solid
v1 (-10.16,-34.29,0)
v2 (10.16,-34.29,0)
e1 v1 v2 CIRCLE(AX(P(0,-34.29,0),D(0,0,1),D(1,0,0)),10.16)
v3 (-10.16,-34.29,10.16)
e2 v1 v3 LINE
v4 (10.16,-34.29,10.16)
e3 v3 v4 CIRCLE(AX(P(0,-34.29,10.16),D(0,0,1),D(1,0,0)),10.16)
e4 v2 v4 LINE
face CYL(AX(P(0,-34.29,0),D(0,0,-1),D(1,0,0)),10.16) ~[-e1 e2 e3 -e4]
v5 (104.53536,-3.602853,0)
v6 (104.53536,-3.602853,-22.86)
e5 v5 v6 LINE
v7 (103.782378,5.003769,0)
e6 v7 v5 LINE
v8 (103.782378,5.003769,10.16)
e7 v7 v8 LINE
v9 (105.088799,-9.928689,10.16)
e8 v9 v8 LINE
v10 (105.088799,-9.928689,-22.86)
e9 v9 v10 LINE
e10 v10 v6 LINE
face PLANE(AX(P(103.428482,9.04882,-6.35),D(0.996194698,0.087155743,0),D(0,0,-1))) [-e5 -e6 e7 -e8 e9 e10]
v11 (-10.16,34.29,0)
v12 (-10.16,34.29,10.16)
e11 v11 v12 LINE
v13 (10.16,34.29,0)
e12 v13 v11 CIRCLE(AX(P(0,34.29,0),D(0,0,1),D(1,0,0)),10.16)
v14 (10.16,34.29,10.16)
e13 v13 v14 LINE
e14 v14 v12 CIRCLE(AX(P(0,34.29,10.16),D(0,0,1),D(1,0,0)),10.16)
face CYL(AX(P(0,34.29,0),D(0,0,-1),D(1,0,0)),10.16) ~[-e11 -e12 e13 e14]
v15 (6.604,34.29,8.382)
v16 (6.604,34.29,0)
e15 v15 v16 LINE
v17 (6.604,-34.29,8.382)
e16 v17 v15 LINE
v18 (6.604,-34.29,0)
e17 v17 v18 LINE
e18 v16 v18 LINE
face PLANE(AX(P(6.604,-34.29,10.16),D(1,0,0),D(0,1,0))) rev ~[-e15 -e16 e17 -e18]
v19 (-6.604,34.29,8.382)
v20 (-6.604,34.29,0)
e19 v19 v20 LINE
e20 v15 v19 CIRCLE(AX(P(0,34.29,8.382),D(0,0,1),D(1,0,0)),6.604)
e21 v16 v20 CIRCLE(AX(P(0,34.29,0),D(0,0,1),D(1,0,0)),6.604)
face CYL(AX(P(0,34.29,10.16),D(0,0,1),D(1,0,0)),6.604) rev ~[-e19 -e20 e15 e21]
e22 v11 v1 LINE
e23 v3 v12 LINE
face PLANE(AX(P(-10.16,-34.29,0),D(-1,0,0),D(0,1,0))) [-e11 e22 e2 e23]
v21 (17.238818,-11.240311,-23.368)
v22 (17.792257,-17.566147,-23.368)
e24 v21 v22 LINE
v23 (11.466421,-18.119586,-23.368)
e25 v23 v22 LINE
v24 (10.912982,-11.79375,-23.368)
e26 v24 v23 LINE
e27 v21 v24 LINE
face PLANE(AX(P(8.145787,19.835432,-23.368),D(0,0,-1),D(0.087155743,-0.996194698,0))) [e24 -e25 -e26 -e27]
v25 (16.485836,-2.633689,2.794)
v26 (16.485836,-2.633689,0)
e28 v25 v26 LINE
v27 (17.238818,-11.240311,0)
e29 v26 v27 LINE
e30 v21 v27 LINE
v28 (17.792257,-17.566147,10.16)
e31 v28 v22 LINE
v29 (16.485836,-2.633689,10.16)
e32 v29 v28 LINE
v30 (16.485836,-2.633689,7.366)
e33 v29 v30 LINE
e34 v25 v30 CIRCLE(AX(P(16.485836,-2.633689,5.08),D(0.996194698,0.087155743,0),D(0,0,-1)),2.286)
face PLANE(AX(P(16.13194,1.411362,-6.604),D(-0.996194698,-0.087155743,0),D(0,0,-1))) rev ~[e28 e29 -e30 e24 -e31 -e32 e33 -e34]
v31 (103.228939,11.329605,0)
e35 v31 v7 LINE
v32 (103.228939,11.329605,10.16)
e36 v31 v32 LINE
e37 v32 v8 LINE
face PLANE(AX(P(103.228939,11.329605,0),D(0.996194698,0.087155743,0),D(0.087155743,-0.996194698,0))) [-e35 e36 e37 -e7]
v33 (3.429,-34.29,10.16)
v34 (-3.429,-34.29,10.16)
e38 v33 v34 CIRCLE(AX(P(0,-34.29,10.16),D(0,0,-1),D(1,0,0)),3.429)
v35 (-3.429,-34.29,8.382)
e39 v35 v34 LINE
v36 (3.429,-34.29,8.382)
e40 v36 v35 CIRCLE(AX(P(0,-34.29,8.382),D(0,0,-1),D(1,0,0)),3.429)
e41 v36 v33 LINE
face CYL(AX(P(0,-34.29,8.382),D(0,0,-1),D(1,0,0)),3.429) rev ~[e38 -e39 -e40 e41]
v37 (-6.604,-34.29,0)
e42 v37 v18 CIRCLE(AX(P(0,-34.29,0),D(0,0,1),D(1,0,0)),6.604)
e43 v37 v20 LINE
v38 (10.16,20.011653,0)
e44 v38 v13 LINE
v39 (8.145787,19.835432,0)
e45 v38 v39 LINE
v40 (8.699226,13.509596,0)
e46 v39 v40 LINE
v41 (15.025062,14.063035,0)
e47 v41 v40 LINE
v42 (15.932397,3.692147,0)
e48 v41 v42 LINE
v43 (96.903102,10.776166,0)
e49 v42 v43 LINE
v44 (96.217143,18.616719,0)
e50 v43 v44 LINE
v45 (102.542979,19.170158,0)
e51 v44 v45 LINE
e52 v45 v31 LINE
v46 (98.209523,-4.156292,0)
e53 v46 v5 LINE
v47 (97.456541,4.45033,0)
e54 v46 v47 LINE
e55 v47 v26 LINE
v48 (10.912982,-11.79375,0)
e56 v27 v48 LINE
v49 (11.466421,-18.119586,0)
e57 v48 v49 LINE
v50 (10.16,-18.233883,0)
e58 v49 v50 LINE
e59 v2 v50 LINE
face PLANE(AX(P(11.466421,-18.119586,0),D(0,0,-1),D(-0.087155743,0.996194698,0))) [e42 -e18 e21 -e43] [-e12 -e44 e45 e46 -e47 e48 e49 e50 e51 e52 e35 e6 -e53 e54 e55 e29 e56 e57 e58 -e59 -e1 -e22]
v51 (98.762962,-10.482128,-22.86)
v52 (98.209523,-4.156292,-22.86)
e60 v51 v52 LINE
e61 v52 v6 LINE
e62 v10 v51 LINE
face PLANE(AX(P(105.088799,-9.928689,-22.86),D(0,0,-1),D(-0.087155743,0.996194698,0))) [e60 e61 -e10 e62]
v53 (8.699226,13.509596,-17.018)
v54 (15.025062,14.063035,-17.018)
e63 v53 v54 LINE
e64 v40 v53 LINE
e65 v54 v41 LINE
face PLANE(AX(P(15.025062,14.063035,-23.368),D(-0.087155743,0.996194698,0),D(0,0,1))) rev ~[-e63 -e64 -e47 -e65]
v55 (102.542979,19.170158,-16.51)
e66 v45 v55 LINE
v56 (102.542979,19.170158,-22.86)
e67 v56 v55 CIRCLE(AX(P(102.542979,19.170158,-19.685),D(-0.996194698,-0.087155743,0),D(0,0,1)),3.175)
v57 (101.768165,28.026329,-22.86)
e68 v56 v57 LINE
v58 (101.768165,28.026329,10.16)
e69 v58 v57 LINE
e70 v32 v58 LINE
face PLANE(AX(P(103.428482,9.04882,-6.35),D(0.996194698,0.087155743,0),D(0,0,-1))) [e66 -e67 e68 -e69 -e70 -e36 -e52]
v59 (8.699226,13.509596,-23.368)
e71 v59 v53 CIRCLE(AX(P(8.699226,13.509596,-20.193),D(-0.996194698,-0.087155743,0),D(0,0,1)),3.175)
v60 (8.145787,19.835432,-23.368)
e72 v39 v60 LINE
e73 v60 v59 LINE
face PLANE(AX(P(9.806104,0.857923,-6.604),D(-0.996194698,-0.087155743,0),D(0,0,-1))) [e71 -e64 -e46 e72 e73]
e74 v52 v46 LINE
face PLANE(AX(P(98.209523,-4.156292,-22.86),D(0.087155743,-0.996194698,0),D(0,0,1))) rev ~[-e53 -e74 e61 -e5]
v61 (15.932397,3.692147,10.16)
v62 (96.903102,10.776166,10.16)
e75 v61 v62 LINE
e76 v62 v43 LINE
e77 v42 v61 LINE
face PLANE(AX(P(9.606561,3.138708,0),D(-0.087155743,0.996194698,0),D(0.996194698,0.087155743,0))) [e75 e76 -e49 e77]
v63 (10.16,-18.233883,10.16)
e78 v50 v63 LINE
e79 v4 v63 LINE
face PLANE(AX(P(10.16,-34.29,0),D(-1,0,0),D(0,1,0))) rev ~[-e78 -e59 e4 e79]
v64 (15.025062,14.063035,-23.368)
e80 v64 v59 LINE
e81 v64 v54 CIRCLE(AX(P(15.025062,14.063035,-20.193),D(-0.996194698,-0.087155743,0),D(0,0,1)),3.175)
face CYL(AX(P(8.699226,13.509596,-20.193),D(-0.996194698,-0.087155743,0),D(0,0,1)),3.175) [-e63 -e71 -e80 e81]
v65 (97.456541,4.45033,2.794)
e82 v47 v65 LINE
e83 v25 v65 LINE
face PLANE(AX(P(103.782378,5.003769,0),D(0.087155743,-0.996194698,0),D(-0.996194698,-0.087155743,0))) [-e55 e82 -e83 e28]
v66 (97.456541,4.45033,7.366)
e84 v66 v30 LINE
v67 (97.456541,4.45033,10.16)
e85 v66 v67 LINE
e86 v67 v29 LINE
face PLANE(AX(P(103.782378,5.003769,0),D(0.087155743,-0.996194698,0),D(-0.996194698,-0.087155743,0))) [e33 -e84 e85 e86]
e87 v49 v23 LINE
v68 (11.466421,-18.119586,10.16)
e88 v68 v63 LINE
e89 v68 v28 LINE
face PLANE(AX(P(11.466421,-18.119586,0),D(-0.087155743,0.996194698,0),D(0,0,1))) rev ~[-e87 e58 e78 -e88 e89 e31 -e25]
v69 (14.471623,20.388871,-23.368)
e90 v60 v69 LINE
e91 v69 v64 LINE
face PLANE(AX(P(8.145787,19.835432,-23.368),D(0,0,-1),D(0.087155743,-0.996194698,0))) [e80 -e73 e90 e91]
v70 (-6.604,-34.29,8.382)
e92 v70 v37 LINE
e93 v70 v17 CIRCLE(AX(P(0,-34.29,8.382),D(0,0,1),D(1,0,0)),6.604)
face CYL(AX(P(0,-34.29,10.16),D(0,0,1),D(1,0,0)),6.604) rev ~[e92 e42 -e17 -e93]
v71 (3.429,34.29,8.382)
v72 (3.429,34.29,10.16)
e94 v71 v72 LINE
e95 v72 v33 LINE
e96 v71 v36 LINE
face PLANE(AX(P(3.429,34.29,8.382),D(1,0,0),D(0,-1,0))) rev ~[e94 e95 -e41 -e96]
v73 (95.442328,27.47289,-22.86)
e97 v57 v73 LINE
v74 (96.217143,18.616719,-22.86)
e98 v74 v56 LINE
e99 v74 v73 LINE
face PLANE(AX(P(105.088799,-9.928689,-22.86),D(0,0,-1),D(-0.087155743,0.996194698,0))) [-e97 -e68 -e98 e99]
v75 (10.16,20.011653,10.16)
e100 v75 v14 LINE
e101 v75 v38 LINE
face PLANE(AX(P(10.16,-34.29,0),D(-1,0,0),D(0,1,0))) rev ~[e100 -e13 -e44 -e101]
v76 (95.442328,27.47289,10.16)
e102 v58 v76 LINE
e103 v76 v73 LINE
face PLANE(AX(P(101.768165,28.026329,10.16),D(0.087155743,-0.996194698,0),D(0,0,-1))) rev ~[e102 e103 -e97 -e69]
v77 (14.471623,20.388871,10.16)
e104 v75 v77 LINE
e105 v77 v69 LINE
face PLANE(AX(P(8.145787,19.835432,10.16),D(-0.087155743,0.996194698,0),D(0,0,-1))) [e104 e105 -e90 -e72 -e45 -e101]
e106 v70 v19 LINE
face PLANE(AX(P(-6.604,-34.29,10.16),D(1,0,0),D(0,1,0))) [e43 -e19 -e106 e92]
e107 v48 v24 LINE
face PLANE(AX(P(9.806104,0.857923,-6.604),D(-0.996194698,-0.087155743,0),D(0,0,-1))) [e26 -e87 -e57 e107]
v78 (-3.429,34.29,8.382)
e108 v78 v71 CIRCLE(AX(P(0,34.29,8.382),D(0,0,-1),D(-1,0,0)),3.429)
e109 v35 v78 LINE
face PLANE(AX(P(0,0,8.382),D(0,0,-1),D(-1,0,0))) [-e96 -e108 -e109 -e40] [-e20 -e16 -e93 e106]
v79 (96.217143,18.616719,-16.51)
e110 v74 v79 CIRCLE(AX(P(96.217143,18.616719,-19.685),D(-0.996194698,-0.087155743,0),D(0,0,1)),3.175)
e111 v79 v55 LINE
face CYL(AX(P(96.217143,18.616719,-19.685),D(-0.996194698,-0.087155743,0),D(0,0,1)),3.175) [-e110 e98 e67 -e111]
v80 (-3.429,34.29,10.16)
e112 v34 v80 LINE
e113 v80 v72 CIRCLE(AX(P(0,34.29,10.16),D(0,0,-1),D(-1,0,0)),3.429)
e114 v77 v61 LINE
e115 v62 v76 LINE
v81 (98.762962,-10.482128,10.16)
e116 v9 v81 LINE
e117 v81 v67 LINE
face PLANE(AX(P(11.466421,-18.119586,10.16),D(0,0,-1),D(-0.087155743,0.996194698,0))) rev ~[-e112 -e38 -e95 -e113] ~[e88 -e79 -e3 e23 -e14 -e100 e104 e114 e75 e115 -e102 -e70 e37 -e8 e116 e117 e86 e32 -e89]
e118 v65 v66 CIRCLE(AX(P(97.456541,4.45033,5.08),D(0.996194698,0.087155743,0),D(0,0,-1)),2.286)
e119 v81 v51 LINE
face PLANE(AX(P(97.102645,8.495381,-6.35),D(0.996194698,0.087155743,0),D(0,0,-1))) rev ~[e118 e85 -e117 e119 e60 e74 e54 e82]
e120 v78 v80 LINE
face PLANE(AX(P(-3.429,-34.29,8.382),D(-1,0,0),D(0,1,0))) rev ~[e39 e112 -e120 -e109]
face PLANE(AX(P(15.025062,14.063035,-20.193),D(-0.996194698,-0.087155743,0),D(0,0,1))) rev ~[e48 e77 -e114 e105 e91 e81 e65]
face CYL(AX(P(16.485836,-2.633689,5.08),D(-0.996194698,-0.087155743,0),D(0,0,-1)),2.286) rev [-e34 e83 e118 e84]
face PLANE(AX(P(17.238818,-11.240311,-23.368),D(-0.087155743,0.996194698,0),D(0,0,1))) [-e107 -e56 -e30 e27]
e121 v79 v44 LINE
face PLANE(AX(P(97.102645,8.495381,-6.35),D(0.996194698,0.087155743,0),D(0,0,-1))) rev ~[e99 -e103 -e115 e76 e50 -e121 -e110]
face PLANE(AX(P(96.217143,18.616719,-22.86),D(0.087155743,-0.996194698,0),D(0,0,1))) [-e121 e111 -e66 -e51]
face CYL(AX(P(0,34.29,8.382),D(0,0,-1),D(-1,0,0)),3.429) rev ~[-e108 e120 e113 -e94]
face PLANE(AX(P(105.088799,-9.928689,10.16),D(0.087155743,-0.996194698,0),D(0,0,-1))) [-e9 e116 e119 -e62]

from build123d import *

# Parameters (mm, degrees)
SKETCH1_R           = 10.16
SKETCH1_W           = 20.32
SKETCH1_H           = 68.58
BOSS_EXTRUDE1_DEPTH = 10.16
SKETCH2_R           = 6.604
SKETCH2_W           = 13.208
SKETCH2_H           = 68.58
CUT_EXTRUDE1_DEPTH  = 47.714598361
BOSS_EXTRUDE2_DEPTH = 10.16
SKETCH4_W           = 33.528
SKETCH4_H           = 38.1
BOSS_EXTRUDE3_DEPTH = 6.35
SKETCH5_W           = 23.368
SKETCH5_H           = 25.4
CUT_EXTRUDE2_DEPTH  = 102.646087633
SKETCH6_W           = 33.02
SKETCH6_H           = 38.1
BOSS_EXTRUDE4_DEPTH = 6.35
BOSS_EXTRUDE5_REACH = 110.063
SKETCH7_W           = 10.16
SKETCH7_H           = 14.989497654
SKETCH8_W           = 22.86
SKETCH8_H           = 22.86
CUT_EXTRUDE3_DEPTH  = 122.879251037
SKETCH9_R           = 3.175
BOSS_EXTRUDE6_DEPTH = 6.35
SKETCH10_R          = 3.175
BOSS_EXTRUDE7_DEPTH = 6.35
SKETCH13_R          = 2.286
CUT_EXTRUDE4_DEPTH  = 81.28
BOSS_EXTRUDE8_START = -1.778
BOSS_EXTRUDE8_DEPTH = 1.778


with BuildPart() as part:
    # Sketch1 → Boss-Extrude1 (new body)
    with BuildSketch(Plane.XY):
        with Locations((0, 34.29)):
            Circle(SKETCH1_R)
        with Locations((0, -34.29)):
            Circle(SKETCH1_R)
        Rectangle(SKETCH1_W, SKETCH1_H)
    extrude(amount=BOSS_EXTRUDE1_DEPTH)

    # Sketch2 → Cut-Extrude1 (cut, through all)
    with BuildSketch(Plane.XY.offset(10.16)):
        with Locations((0, 34.29)):
            Circle(SKETCH2_R)
        with Locations((0, -34.29)):
            Circle(SKETCH2_R)
        Rectangle(SKETCH2_W, SKETCH2_H)
    extrude(amount=-CUT_EXTRUDE1_DEPTH, mode=Mode.SUBTRACT)

    # Sketch3 → Boss-Extrude2 (add)
    with BuildSketch(Plane(origin=(0, 0, 0), x_dir=(-1, 0, 0), z_dir=(0, 0, -1))):
        Polygon((-9.606561034, 3.138708349), (-103.22893876, 11.329605052), (-103.782377727, 5.003768719), (-10.16, -3.187127984), align=None)
    extrude(amount=-BOSS_EXTRUDE2_DEPTH)

    # Sketch4 → Boss-Extrude3 (add)
    with BuildSketch(Plane(origin=(-103.08224956, 1291.177707373, 0), x_dir=(0, 0, -1), z_dir=(-0.9961946980917459, -0.08715574274765499, 0))):
        with Locations((6.604, 1295.248596403)):
            Rectangle(SKETCH4_W, SKETCH4_H)
    extrude(amount=-BOSS_EXTRUDE3_DEPTH)

    # Sketch5 → Cut-Extrude2 (cut, through all)
    with BuildSketch(Plane(origin=(16.131940235, 1.411361891, 0), x_dir=(0, 0, 1), z_dir=(0.9961946980917458, 0.08715574274765524, 0))):
        with Locations((-11.684, 0)):
            Rectangle(SKETCH5_W, SKETCH5_H)
    extrude(amount=-CUT_EXTRUDE2_DEPTH, mode=Mode.SUBTRACT)

    # Sketch6 → Boss-Extrude4 (add)
    with BuildSketch(Plane(origin=(103.428481629, 9.048819628, 0), x_dir=(0, 0, -1), z_dir=(0.9961946980917468, 0.08715574274764347, 0))):
        with Locations((6.35, 0)):
            Rectangle(SKETCH6_W, SKETCH6_H)
    extrude(amount=-BOSS_EXTRUDE4_DEPTH)

    # Sketch7 → Boss-Extrude5 (add, up to next)
    with BuildSketch(Plane(origin=(9.806103902, 0.857922925, 0), x_dir=(0, 0, 1), z_dir=(-0.9961946980917458, -0.08715574274765528, 0)), mode=Mode.PRIVATE) as boss_extrude5_sk1:
        with Locations((5.08, -11.555251173)):
            Rectangle(SKETCH7_W, SKETCH7_H)
    boss_extrude5_tool1 = extrude(boss_extrude5_sk1.sketch, amount=BOSS_EXTRUDE5_REACH, mode=Mode.PRIVATE) - part.part
    add(boss_extrude5_tool1.solids().sort_by_distance((10.81321, -10.653357, 5.08))[0])

    # Sketch8 → Cut-Extrude3 (cut, through all)
    with BuildSketch(Plane(origin=(97.102645296, 8.495380662, 0), x_dir=(0, 0, 1), z_dir=(-0.9961946980917469, -0.08715574274764348, 0))):
        with Locations((-11.43, -1.27)):
            Rectangle(SKETCH8_W, SKETCH8_H)
    extrude(amount=-CUT_EXTRUDE3_DEPTH, mode=Mode.SUBTRACT)

    # Sketch9 → Boss-Extrude6 (add)
    with BuildSketch(Plane(origin=(9.806103902, 0.857922925, 0), x_dir=(0, 0, 1), z_dir=(-0.9961946980917459, -0.0871557427476546, 0))):
        with Locations((-20.193, 12.7)):
            Circle(SKETCH9_R)
    extrude(amount=-BOSS_EXTRUDE6_DEPTH)

    # Sketch10 → Boss-Extrude7 (add)
    with BuildSketch(Plane(origin=(97.102645296, 8.495380662, 0), x_dir=(0, 0, 1), z_dir=(-0.9961946980917469, -0.08715574274764348, 0))):
        with Locations((-19.685, 10.16)):
            Circle(SKETCH10_R)
    extrude(amount=-BOSS_EXTRUDE7_DEPTH)

    # Sketch13 → Cut-Extrude4 (cut)
    with BuildSketch(Plane(origin=(16.131940235, 1.411361891, 0), x_dir=(0, 0, -1), z_dir=(0.9961946980917459, 0.0871557427476546, 0))):
        with Locations((-5.08, -4.060502346)):
            Circle(SKETCH13_R)
    extrude(amount=CUT_EXTRUDE4_DEPTH, mode=Mode.SUBTRACT)

    # Sketch14 → Boss-Extrude8 (add)
    with BuildSketch(Plane.XY.offset(10.16).offset(BOSS_EXTRUDE8_START)):
        with BuildLine():
            Line((-10.16, -34.29), (-10.16, 34.29))
            ThreePointArc((-10.16, 34.29), (0, 44.45), (10.16, 34.29))
            Line((10.16, 34.29), (10.16, -34.29))
            ThreePointArc((10.16, -34.29), (0, -44.45), (-10.16, -34.29))
        make_face()
        with BuildLine():
            Line((-3.429, -34.29), (-3.429, 34.29))
            ThreePointArc((-3.429, 34.29), (0, 37.719), (3.429, 34.29))
            Line((3.429, 34.29), (3.429, -34.29))
            ThreePointArc((3.429, -34.29), (0, -37.719), (-3.429, -34.29))
        make_face(mode=Mode.SUBTRACT)
    extrude(amount=BOSS_EXTRUDE8_DEPTH)


solid = part.part
